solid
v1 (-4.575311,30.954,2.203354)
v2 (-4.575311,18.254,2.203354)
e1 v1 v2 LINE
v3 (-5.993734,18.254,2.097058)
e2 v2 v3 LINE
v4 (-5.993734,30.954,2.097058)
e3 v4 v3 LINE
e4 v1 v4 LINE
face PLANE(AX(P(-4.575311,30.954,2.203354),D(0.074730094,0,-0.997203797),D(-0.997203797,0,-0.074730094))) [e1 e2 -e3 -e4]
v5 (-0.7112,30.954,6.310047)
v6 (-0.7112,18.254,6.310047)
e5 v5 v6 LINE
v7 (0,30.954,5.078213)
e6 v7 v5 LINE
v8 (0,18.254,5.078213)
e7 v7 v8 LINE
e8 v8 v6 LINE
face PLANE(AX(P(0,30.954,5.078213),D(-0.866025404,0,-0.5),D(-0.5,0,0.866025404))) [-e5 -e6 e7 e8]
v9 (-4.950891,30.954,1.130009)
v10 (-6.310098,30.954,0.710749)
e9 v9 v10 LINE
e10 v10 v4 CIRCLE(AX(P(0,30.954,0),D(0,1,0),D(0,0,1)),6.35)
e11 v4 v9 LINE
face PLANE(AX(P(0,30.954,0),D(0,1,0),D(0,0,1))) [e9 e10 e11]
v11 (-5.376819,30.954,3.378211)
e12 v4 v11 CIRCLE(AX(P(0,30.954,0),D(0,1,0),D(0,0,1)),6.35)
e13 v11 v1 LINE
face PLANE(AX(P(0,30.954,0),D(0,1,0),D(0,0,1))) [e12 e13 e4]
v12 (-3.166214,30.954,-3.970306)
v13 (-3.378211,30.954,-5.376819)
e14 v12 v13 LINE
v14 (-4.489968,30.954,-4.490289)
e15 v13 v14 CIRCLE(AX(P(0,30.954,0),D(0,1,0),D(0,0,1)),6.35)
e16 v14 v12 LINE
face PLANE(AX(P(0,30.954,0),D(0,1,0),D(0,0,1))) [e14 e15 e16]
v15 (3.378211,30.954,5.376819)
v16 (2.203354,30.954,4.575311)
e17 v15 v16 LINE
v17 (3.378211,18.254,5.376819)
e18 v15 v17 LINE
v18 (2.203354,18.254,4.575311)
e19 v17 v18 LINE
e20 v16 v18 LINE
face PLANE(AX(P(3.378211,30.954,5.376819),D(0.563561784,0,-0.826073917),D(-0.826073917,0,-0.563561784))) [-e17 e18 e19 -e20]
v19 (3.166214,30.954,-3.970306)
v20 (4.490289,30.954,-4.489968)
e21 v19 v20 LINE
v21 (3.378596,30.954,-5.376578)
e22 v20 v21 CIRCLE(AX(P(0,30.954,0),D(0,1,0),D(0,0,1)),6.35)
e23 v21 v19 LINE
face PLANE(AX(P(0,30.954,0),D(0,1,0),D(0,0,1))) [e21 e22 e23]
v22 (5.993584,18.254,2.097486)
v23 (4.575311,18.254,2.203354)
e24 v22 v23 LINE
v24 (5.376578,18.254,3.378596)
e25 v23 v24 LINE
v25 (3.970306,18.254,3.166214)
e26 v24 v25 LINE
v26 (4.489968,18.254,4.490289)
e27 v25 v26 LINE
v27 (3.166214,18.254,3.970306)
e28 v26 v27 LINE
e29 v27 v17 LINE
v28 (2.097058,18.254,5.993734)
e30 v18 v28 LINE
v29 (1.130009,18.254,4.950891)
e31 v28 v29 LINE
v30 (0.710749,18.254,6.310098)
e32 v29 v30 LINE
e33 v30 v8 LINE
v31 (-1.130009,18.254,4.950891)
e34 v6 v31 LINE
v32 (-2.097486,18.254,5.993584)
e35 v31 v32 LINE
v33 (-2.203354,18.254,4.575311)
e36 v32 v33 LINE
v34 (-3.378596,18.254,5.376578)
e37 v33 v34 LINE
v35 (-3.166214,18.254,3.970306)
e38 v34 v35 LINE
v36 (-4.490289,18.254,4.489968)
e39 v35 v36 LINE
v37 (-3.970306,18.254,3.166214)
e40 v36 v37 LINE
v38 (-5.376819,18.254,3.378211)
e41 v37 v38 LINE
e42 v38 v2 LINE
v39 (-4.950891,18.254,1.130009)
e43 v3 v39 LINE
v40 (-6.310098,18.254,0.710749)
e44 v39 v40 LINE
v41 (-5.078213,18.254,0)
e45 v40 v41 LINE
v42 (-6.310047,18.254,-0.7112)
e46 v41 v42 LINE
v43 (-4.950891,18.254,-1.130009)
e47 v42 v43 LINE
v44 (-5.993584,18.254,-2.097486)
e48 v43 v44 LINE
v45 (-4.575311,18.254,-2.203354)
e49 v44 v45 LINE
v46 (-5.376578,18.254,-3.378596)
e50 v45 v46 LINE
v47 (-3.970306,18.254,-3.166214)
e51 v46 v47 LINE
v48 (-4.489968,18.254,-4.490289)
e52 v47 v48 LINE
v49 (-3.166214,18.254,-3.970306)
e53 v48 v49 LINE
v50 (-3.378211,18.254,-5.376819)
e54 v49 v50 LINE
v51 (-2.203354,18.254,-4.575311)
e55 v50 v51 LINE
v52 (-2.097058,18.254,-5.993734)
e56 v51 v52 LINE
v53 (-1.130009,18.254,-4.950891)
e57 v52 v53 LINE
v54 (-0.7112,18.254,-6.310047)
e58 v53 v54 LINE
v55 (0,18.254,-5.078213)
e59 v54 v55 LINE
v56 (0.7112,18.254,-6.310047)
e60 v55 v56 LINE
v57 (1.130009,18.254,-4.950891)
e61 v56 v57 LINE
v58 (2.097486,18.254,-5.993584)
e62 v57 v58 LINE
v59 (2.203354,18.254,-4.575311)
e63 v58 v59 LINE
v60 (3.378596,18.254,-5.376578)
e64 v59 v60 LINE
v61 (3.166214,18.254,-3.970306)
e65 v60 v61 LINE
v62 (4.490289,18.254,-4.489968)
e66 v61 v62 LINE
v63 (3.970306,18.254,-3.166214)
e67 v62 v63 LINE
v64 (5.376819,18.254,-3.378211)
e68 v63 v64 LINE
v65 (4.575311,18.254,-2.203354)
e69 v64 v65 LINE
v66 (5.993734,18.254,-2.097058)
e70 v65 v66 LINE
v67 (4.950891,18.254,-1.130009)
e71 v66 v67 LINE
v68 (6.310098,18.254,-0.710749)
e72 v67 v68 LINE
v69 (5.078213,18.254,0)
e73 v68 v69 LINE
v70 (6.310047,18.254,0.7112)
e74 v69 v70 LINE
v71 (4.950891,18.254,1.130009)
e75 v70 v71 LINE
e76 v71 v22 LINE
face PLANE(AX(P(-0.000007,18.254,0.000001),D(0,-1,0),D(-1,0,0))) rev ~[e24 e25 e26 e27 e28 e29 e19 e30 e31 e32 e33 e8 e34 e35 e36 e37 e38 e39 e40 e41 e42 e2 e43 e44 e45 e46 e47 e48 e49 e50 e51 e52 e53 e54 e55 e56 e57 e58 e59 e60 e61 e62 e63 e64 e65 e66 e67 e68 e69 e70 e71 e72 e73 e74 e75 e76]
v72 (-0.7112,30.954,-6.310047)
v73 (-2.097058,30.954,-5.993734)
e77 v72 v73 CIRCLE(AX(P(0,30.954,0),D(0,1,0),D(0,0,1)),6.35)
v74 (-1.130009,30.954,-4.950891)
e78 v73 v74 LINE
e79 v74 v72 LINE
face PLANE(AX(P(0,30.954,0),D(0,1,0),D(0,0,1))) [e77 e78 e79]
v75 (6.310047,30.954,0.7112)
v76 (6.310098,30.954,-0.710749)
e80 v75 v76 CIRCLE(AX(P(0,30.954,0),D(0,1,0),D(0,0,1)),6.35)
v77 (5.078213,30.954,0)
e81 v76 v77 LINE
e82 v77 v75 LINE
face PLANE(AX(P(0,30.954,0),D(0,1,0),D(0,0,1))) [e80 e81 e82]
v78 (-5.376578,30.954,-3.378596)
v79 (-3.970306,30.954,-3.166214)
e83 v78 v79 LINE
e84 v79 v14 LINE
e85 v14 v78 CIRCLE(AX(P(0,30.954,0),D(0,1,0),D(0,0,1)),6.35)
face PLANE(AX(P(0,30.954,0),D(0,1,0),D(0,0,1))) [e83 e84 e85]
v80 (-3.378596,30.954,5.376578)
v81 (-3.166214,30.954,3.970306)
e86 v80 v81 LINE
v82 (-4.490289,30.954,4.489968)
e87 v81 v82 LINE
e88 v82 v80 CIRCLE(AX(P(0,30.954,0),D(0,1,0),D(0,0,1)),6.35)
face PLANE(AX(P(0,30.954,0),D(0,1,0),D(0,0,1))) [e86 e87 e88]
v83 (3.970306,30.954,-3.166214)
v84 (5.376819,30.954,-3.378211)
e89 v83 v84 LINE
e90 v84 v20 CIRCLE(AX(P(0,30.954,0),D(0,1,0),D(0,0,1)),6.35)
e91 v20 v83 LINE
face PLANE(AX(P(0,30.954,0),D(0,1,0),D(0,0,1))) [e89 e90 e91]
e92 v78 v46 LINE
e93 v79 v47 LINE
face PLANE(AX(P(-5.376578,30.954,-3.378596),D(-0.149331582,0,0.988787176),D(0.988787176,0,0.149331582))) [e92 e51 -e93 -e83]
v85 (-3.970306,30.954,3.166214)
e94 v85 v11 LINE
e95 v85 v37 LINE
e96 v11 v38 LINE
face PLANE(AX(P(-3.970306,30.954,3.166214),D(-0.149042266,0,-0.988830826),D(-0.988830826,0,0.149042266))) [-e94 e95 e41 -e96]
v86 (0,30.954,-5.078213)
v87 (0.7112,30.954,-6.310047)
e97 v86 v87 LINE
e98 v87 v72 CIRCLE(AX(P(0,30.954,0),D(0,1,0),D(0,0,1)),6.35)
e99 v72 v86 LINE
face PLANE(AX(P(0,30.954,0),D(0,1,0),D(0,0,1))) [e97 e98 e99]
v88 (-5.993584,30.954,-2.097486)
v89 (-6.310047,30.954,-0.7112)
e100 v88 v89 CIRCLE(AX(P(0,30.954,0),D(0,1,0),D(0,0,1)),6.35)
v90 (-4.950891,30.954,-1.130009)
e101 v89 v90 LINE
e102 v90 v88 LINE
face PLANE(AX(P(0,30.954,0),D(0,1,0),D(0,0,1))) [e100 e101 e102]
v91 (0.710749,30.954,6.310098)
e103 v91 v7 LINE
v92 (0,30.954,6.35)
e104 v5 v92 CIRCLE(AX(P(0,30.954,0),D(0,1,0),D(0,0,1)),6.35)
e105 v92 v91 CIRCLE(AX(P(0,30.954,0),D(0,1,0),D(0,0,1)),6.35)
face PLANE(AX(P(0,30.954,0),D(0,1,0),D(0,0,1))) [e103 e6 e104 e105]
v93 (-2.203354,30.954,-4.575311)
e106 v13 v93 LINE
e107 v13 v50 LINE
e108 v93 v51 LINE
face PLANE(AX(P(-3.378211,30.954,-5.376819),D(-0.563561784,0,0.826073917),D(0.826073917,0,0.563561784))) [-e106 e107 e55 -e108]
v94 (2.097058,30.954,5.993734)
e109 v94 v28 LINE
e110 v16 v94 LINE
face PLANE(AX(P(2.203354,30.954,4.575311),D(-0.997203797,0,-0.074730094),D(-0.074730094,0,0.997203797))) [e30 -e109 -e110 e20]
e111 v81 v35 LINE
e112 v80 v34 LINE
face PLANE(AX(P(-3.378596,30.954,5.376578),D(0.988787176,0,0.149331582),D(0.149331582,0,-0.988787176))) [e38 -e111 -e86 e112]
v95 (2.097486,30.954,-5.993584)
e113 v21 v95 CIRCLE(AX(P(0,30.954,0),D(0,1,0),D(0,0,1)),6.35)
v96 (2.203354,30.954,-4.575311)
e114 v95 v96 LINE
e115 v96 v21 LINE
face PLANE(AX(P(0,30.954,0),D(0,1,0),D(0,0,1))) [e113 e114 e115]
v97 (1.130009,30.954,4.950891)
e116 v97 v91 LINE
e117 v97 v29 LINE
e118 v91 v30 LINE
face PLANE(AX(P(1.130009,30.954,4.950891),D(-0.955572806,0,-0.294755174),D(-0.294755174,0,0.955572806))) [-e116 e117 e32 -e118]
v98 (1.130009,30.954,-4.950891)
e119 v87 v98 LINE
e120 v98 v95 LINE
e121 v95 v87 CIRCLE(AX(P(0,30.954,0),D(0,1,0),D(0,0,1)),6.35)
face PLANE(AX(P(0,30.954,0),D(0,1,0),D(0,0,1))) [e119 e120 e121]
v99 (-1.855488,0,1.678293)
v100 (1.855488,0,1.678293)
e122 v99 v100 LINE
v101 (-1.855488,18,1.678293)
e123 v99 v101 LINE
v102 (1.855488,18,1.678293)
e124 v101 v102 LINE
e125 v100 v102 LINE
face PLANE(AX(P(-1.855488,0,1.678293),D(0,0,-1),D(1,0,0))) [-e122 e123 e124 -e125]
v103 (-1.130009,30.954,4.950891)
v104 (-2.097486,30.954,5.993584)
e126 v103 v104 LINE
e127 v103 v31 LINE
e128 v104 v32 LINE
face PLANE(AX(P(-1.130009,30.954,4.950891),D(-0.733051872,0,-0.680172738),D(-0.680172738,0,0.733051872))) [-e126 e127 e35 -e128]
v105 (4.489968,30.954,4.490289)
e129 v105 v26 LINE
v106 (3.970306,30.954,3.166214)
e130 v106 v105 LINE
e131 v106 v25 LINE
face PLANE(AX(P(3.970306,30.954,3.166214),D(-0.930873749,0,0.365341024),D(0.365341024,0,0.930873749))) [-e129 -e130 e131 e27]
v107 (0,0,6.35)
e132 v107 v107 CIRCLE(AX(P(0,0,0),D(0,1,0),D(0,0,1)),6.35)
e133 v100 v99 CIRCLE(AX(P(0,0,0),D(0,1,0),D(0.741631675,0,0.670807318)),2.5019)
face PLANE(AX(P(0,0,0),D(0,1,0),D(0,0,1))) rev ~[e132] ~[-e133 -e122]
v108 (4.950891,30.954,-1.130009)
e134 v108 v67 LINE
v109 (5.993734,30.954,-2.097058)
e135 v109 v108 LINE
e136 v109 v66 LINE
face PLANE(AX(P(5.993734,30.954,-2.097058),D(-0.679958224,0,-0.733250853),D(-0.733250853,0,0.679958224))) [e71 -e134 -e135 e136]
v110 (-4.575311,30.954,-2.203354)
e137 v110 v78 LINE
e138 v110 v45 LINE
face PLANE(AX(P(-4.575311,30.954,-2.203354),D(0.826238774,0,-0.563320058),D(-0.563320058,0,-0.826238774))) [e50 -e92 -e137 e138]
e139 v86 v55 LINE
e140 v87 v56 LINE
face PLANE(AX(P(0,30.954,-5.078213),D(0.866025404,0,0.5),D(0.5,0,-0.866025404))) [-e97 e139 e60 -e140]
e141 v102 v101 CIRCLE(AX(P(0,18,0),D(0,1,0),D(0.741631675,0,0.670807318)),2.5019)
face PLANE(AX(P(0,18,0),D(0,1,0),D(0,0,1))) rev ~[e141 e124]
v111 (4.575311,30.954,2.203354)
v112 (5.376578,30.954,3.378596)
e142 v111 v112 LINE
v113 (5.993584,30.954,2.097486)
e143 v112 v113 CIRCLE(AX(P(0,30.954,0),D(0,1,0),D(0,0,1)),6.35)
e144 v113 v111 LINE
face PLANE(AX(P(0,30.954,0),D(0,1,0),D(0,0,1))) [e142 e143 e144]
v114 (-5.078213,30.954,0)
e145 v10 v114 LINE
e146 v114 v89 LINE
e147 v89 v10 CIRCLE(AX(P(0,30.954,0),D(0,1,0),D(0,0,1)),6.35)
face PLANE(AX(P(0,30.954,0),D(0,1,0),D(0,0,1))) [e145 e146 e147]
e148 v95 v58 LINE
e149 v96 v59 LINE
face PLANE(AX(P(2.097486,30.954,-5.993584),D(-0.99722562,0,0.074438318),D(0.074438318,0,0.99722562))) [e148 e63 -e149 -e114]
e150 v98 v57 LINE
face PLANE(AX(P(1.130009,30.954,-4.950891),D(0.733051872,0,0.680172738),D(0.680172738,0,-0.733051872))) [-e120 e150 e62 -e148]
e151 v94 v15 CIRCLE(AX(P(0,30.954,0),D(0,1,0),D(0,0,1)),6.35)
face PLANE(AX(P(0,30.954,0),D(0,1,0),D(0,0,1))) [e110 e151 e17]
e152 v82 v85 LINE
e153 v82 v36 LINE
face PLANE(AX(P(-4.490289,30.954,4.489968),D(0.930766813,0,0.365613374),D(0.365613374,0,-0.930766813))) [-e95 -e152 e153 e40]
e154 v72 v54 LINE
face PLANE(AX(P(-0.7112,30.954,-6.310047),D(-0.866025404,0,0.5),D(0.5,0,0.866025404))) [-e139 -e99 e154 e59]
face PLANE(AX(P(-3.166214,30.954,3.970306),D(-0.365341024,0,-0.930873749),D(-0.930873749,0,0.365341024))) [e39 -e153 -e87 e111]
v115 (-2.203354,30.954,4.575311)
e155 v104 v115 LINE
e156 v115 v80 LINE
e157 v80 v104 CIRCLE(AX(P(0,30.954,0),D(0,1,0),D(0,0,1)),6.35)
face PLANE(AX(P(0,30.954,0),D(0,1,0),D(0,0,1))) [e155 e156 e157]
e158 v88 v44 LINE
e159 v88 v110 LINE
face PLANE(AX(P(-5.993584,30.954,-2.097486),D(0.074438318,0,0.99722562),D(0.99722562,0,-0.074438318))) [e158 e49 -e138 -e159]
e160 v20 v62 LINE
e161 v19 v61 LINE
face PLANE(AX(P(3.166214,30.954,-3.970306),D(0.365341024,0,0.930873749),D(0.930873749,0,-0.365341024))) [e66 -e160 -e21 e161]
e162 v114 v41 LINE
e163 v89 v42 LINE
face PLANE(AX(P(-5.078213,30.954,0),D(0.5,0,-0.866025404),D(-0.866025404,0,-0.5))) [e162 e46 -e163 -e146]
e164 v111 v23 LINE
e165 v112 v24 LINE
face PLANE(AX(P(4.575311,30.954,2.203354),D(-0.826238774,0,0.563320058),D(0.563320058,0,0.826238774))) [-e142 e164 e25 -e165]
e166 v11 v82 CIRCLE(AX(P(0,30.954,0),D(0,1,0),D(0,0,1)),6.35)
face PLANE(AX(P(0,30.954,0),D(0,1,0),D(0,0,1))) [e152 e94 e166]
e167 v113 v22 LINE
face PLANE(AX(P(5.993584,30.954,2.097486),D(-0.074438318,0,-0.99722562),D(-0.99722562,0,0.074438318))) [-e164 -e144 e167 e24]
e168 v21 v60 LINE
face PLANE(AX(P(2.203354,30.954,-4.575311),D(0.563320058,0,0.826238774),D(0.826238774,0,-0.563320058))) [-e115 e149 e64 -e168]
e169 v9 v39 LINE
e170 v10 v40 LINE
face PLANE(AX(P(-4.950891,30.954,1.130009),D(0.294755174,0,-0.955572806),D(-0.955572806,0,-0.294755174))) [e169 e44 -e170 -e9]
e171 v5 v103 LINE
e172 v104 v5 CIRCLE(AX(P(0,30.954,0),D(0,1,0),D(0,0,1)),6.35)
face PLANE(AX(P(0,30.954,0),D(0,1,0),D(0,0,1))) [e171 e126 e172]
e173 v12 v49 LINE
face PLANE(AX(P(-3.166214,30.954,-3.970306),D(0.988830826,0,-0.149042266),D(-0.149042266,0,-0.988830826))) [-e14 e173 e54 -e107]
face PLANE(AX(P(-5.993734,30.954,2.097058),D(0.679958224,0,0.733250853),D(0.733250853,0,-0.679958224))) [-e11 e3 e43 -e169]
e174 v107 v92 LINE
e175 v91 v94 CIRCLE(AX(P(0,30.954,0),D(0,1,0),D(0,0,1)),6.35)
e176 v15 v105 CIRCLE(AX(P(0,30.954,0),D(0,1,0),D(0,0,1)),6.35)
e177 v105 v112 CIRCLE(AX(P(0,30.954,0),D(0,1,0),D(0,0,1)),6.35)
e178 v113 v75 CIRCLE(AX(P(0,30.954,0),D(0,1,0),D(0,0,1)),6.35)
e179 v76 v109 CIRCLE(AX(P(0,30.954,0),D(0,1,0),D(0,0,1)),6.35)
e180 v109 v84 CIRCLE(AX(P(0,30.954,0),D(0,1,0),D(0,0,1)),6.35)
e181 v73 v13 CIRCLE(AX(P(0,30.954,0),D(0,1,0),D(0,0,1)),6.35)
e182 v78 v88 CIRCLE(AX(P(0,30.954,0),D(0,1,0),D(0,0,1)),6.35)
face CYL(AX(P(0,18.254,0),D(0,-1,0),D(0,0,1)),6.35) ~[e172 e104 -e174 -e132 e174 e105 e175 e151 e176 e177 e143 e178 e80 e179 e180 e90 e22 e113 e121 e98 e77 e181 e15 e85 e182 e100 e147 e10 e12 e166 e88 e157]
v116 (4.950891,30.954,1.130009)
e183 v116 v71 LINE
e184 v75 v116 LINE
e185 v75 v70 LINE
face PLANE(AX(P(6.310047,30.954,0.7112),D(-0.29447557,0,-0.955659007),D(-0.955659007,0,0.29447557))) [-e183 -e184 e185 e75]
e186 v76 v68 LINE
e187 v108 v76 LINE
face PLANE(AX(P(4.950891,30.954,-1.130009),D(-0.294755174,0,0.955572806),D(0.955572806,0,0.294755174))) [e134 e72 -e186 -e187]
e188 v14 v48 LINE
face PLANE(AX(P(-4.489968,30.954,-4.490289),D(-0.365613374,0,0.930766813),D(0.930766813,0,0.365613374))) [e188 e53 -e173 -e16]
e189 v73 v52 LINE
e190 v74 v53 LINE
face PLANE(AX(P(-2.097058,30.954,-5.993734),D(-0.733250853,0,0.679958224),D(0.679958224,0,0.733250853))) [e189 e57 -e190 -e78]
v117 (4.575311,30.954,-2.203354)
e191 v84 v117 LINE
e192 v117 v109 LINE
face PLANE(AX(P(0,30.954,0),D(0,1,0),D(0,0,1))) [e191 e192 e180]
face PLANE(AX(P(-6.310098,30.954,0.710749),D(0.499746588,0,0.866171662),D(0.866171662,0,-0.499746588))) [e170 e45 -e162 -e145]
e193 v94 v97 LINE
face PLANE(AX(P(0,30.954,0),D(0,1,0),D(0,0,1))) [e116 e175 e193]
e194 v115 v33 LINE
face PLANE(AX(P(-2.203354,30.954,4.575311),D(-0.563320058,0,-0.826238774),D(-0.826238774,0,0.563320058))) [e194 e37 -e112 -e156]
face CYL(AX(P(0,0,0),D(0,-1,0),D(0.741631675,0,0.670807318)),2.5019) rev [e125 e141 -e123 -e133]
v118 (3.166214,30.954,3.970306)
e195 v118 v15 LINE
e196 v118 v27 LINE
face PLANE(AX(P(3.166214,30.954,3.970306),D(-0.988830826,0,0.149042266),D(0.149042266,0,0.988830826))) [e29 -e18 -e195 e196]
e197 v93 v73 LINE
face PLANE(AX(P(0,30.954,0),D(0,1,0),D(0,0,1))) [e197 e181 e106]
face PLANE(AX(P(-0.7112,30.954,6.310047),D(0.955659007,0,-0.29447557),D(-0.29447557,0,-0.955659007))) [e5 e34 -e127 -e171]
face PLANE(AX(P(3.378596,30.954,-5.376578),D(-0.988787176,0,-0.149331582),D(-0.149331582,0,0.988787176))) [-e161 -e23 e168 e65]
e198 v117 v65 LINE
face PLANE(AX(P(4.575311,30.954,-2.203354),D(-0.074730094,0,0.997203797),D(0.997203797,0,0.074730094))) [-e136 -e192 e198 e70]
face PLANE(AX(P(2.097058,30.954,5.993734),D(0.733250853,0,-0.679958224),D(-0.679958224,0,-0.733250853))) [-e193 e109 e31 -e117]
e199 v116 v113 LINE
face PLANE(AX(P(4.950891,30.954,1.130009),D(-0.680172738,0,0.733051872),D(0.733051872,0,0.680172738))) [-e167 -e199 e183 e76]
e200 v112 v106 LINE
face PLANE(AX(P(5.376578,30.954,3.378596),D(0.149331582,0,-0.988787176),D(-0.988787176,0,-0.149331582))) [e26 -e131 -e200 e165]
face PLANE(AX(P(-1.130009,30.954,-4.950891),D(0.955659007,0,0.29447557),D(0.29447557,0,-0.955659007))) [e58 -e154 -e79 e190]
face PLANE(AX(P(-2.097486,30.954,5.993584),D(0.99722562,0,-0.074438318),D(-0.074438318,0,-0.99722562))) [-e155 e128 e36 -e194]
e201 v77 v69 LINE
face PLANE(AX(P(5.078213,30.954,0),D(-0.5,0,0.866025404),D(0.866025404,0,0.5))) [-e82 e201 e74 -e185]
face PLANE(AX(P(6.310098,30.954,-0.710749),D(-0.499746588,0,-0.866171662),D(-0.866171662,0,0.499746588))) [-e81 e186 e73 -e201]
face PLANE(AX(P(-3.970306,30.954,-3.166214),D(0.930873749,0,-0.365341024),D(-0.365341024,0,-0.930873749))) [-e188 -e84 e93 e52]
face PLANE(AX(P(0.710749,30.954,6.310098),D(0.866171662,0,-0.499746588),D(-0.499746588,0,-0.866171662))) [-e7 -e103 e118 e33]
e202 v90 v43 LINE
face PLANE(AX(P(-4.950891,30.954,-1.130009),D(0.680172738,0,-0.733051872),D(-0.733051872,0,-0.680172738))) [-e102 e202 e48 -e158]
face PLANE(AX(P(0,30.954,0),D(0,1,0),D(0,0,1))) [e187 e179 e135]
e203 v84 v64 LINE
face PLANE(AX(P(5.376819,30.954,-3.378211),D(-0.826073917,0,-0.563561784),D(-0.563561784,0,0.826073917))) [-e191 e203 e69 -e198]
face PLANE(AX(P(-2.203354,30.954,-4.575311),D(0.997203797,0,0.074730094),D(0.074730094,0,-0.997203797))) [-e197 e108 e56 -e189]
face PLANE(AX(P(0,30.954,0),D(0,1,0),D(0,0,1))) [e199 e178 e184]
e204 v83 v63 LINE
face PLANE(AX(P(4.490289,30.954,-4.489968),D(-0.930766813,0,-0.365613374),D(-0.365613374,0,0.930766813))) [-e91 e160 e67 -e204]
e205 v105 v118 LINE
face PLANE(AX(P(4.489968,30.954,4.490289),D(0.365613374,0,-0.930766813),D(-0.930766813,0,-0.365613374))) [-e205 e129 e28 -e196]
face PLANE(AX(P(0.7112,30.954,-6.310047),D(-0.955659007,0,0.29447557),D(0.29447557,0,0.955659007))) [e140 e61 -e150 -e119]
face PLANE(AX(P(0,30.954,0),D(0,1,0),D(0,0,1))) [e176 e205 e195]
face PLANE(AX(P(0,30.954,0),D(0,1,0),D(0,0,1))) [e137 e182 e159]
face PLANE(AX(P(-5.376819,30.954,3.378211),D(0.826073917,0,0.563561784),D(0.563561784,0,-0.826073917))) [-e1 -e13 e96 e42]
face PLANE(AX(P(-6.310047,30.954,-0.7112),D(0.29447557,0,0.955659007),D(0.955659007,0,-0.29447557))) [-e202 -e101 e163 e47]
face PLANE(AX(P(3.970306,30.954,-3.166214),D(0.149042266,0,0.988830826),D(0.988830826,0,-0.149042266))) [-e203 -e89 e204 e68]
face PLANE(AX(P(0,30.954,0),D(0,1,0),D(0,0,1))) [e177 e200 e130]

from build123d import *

# Parameters (mm, degrees)
SKETCH1_R           = 6.35
BOSS_EXTRUDE1_DEPTH = 18.000000068
SKETCH2_R           = 6.35
BOSS_EXTRUDE2_DEPTH = 0.254
SKETCH4_R           = 6.35
BOSS_EXTRUDE3_DEPTH = 12.7
CUT_EXTRUDE4_DEPTH  = 12.7


with BuildPart() as part:
    # Sketch1 → Boss-Extrude1 (new body)
    with BuildSketch(Plane(origin=(0, 0, 0), x_dir=(1, 0, 0), z_dir=(0, 1, 0))):
        with Locations(Location((0, 0, 0), (0, 0, 270))):
            Circle(SKETCH1_R)
        with BuildLine():
            Line((-1.855488288, -1.67829283), (1.855488288, -1.67829283))
            ThreePointArc((1.855488288, -1.67829283), (0, 2.5019), (-1.855488288, -1.67829283))
        make_face(mode=Mode.SUBTRACT)
    extrude(amount=BOSS_EXTRUDE1_DEPTH)

    # Sketch2 → Boss-Extrude2 (add)
    with BuildSketch(Plane(origin=(0, 18.000000068, 0), x_dir=(1, 0, 0), z_dir=(0, 1, 0))):
        with Locations(Location((0, 0, 0), (0, 0, 270))):
            Circle(SKETCH2_R)
    extrude(amount=BOSS_EXTRUDE2_DEPTH)

    # Sketch4 → Boss-Extrude3 (add)
    with BuildSketch(Plane(origin=(0, 18.254000068, 0), x_dir=(1, 0, 0), z_dir=(0, 1, 0))):
        with Locations(Location((0, 0, 0), (0, 0, 270))):
            Circle(SKETCH4_R)
    extrude(amount=BOSS_EXTRUDE3_DEPTH)

    # Sketch7 → Cut-Extrude4 (cut)
    with BuildSketch(Plane(origin=(0, 30.954000068, 0), x_dir=(1, 0, 0), z_dir=(0, 1, 0))):
        Polygon((0, 5.078212578), (0.7112, 6.310047112), (1.130008606, 4.950891186), (2.097486308, 5.993584169), (2.203353861, 4.575311437), (3.378595894, 5.376577888), (3.166213754, 3.970306468), (4.490288574, 4.489967541), (3.970306468, 3.166213754), (5.376819435, 3.378211473), (4.575311437, 2.203353861), (5.993734118, 2.097057776), (4.950891186, 1.130008606), (6.310097945, 0.710748846), (5.078212578, 0), (6.310047112, -0.7112), (4.950891186, -1.130008606), (5.993584169, -2.097486308), (4.575311437, -2.203353861), (5.376577888, -3.378595894), (3.970306468, -3.166213754), (4.489967541, -4.490288574), (3.166213754, -3.970306468), (3.378211473, -5.376819435), (2.203353861, -4.575311437), (2.097057776, -5.993734118), (1.130008606, -4.950891186), (0.710748846, -6.310097945), (0, -5.078212578), (-0.7112, -6.310047112), (-1.130008606, -4.950891186), (-2.097486308, -5.993584169), (-2.203353861, -4.575311437), (-3.378595894, -5.376577888), (-3.166213754, -3.970306468), (-4.490288574, -4.489967541), (-3.970306468, -3.166213754), (-5.376819435, -3.378211473), (-4.575311437, -2.203353861), (-5.993734118, -2.097057776), (-4.950891186, -1.130008606), (-6.310097945, -0.710748846), (-5.078212578, 0), (-6.310047112, 0.7112), (-4.950891186, 1.130008606), (-5.993584169, 2.097486308), (-4.575311437, 2.203353861), (-5.376577888, 3.378595894), (-3.970306468, 3.166213754), (-4.489967541, 4.490288574), (-3.166213754, 3.970306468), (-3.378211473, 5.376819435), (-2.203353861, 4.575311437), (-2.097057776, 5.993734118), (-1.130008606, 4.950891186), (-0.7112, 6.310047112), align=None)
    extrude(amount=-CUT_EXTRUDE4_DEPTH, mode=Mode.SUBTRACT)


solid = part.part
